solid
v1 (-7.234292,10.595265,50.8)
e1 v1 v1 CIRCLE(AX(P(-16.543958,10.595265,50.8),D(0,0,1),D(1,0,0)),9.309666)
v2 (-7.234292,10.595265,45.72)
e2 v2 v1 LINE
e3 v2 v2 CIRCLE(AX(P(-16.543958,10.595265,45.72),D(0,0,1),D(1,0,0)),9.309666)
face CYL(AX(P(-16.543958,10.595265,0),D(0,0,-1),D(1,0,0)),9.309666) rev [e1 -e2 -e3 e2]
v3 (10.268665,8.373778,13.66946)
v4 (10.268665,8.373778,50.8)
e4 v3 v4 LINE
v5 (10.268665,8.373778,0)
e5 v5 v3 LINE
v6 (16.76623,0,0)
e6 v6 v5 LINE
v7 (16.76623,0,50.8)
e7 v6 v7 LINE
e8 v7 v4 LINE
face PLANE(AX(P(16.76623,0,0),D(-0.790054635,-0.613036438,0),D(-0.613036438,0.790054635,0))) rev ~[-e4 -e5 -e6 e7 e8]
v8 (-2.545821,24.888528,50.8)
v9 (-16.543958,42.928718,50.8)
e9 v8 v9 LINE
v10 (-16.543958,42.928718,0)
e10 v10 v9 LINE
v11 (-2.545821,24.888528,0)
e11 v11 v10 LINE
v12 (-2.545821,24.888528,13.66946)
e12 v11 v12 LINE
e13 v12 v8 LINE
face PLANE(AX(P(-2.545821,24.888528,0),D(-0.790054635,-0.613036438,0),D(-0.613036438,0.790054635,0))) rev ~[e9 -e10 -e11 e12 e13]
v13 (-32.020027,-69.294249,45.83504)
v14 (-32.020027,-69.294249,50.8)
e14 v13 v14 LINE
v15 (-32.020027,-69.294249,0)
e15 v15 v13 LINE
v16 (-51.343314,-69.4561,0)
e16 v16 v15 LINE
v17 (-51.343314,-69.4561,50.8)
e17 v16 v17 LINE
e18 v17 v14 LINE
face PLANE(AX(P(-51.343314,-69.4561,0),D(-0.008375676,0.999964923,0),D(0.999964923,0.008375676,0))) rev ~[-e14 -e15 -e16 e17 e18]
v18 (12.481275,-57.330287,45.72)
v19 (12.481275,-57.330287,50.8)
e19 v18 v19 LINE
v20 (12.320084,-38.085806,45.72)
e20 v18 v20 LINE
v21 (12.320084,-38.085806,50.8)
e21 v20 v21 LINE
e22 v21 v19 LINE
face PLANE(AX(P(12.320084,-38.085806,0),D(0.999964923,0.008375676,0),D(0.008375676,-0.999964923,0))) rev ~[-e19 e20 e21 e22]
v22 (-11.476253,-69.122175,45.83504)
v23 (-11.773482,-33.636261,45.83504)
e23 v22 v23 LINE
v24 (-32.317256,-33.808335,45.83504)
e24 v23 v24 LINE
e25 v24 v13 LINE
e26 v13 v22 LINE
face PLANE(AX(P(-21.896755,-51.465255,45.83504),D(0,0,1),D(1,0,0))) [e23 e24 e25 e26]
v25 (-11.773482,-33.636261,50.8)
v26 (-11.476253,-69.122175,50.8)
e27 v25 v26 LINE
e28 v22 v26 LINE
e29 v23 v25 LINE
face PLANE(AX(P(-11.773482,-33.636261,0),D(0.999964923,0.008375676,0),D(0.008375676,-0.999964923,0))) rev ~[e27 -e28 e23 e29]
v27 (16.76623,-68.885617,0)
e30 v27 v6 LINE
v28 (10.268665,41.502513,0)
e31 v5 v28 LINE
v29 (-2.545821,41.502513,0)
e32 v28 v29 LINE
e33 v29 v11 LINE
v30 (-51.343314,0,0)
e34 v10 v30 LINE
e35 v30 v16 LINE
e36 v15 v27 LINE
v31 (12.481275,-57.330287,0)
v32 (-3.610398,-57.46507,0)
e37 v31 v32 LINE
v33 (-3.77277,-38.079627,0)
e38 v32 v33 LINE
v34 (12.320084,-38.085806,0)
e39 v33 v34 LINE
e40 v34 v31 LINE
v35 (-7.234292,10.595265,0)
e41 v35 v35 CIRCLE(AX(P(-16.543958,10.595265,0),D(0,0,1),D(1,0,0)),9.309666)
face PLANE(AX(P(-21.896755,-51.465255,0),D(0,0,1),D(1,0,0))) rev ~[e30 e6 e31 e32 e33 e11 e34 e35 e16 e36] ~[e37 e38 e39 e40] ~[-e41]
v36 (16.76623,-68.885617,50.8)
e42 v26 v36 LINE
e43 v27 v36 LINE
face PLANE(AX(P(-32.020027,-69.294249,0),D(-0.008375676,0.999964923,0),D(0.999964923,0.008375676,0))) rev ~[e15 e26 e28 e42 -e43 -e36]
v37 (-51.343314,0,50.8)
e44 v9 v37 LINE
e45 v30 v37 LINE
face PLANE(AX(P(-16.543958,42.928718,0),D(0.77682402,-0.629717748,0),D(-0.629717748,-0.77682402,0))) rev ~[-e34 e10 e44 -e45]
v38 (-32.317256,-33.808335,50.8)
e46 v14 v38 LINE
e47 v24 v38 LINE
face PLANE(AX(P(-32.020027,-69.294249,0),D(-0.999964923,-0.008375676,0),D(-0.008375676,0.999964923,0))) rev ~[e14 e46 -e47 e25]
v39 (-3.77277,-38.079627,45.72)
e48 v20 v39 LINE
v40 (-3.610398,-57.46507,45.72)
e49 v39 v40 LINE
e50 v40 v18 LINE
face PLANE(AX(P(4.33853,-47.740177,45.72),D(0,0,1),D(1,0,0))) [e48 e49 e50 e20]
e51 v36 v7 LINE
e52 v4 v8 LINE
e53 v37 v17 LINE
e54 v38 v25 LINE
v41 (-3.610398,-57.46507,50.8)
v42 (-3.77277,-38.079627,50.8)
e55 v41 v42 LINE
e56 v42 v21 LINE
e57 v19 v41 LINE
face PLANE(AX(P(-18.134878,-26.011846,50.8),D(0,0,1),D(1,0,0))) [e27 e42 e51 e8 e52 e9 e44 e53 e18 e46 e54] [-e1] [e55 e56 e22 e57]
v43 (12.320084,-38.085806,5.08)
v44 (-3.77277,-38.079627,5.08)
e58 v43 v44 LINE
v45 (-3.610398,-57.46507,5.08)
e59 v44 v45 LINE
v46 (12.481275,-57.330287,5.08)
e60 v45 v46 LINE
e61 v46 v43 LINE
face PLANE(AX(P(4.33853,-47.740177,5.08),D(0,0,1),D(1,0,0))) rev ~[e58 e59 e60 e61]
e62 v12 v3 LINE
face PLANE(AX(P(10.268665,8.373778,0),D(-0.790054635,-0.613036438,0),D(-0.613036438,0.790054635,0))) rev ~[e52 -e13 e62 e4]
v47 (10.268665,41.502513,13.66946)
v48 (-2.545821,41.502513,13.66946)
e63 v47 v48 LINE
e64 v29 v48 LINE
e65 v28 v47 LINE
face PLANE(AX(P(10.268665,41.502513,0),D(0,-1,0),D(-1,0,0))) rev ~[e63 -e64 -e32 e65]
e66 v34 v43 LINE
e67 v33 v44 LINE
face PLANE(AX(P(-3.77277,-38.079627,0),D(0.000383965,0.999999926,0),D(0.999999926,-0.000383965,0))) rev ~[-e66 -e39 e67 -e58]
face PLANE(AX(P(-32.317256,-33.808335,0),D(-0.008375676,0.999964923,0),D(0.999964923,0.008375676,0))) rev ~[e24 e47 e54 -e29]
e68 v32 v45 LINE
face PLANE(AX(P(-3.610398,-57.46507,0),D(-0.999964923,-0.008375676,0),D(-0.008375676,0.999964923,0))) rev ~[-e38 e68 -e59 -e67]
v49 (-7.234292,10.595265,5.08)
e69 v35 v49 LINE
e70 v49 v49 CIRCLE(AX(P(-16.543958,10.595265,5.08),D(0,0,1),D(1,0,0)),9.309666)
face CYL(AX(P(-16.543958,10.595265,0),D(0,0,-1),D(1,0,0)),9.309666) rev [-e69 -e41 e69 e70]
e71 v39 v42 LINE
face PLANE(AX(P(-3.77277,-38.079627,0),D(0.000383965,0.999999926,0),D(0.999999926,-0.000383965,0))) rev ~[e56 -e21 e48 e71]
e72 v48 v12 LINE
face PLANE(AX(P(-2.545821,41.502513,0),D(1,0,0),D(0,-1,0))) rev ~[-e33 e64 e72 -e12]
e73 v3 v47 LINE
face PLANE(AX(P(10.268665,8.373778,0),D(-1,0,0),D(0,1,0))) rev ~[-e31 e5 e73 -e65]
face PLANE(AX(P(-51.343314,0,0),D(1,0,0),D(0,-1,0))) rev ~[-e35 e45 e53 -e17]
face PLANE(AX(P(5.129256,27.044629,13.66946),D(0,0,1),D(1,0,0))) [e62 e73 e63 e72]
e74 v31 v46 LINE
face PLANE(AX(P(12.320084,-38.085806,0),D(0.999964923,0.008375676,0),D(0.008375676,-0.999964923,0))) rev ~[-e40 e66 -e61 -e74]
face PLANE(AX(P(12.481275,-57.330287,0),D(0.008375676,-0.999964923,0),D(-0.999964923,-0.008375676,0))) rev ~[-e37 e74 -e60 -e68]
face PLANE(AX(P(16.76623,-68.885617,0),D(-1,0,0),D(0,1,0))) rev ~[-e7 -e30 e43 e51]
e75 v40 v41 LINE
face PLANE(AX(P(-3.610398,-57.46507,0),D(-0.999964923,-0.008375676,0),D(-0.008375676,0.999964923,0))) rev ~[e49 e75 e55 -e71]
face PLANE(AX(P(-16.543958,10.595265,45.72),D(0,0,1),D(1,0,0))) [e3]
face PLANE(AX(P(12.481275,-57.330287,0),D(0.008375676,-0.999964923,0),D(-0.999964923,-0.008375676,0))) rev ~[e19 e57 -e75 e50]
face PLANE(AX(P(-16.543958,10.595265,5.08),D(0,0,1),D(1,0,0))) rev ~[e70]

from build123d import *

# Parameters (mm, degrees)
F0_R     = 9.3096662381
F1_DEPTH = 50.8
F2_DEPTH = 13.66946
F3_DEPTH = 45.83504
F4_START = 5.08
F4_DEPTH = 40.64
F5_START = 5.08
F5_DEPTH = 40.64


with BuildPart() as f1:
    # F0 (on Top) → F1 (new body)
    with BuildSketch(Plane.XY):
        Polygon((-51.3433143497, 0), (-51.3433143497, -69.4561004639), (-32.0200270793, -69.294249187), (-32.3172560351, -33.8083351523), (-11.77348243, -33.6362611184), (-11.4762534741, -69.122175153), (16.7662296444, -68.8856169581), (16.7662296444, 0), (10.2686649188, 8.3737781411), (-2.5458205626, 24.8885283509), (-16.5439583361, 42.9287180305), align=None)
        Polygon((-3.6103976934, -57.465070353), (-3.772769589, -38.0796268582), (12.3200837265, -38.0858059556), (12.4812749246, -57.3302869839), align=None, mode=Mode.SUBTRACT)
        with Locations((-16.5439583361, 10.5952649524)):
            Circle(F0_R, mode=Mode.SUBTRACT)
    extrude(amount=F1_DEPTH)

    # F0 (on Top) → F2 (join)
    with BuildSketch(Plane.XY):
        Polygon((-2.5458205626, 41.5025129914), (-2.5458205626, 24.8885283509), (10.2686649188, 8.3737781411), (10.2686649188, 41.5025129914), align=None)
    extrude(amount=F2_DEPTH)

    # F0 (on Top) → F3 (join)
    with BuildSketch(Plane.XY):
        Polygon((-32.3172560351, -33.8083351523), (-32.0200270793, -69.294249187), (-11.4762534741, -69.122175153), (-11.77348243, -33.6362611184), align=None)
    extrude(amount=F3_DEPTH)

    # F0 (on Top) → F4 (join)
    with BuildSketch(Plane.XY.offset(F4_START)):
        Polygon((12.3200837265, -38.0858059556), (-3.772769589, -38.0796268582), (-3.6103976934, -57.465070353), (12.4812749246, -57.3302869839), align=None)
    extrude(amount=F4_DEPTH)

    # F0 (on Top) → F5 (join)
    with BuildSketch(Plane.XY.offset(F5_START)):
        with Locations((-16.5439583361, 10.5952649524)):
            Circle(F0_R)
    extrude(amount=F5_DEPTH)


solid = f1.part
